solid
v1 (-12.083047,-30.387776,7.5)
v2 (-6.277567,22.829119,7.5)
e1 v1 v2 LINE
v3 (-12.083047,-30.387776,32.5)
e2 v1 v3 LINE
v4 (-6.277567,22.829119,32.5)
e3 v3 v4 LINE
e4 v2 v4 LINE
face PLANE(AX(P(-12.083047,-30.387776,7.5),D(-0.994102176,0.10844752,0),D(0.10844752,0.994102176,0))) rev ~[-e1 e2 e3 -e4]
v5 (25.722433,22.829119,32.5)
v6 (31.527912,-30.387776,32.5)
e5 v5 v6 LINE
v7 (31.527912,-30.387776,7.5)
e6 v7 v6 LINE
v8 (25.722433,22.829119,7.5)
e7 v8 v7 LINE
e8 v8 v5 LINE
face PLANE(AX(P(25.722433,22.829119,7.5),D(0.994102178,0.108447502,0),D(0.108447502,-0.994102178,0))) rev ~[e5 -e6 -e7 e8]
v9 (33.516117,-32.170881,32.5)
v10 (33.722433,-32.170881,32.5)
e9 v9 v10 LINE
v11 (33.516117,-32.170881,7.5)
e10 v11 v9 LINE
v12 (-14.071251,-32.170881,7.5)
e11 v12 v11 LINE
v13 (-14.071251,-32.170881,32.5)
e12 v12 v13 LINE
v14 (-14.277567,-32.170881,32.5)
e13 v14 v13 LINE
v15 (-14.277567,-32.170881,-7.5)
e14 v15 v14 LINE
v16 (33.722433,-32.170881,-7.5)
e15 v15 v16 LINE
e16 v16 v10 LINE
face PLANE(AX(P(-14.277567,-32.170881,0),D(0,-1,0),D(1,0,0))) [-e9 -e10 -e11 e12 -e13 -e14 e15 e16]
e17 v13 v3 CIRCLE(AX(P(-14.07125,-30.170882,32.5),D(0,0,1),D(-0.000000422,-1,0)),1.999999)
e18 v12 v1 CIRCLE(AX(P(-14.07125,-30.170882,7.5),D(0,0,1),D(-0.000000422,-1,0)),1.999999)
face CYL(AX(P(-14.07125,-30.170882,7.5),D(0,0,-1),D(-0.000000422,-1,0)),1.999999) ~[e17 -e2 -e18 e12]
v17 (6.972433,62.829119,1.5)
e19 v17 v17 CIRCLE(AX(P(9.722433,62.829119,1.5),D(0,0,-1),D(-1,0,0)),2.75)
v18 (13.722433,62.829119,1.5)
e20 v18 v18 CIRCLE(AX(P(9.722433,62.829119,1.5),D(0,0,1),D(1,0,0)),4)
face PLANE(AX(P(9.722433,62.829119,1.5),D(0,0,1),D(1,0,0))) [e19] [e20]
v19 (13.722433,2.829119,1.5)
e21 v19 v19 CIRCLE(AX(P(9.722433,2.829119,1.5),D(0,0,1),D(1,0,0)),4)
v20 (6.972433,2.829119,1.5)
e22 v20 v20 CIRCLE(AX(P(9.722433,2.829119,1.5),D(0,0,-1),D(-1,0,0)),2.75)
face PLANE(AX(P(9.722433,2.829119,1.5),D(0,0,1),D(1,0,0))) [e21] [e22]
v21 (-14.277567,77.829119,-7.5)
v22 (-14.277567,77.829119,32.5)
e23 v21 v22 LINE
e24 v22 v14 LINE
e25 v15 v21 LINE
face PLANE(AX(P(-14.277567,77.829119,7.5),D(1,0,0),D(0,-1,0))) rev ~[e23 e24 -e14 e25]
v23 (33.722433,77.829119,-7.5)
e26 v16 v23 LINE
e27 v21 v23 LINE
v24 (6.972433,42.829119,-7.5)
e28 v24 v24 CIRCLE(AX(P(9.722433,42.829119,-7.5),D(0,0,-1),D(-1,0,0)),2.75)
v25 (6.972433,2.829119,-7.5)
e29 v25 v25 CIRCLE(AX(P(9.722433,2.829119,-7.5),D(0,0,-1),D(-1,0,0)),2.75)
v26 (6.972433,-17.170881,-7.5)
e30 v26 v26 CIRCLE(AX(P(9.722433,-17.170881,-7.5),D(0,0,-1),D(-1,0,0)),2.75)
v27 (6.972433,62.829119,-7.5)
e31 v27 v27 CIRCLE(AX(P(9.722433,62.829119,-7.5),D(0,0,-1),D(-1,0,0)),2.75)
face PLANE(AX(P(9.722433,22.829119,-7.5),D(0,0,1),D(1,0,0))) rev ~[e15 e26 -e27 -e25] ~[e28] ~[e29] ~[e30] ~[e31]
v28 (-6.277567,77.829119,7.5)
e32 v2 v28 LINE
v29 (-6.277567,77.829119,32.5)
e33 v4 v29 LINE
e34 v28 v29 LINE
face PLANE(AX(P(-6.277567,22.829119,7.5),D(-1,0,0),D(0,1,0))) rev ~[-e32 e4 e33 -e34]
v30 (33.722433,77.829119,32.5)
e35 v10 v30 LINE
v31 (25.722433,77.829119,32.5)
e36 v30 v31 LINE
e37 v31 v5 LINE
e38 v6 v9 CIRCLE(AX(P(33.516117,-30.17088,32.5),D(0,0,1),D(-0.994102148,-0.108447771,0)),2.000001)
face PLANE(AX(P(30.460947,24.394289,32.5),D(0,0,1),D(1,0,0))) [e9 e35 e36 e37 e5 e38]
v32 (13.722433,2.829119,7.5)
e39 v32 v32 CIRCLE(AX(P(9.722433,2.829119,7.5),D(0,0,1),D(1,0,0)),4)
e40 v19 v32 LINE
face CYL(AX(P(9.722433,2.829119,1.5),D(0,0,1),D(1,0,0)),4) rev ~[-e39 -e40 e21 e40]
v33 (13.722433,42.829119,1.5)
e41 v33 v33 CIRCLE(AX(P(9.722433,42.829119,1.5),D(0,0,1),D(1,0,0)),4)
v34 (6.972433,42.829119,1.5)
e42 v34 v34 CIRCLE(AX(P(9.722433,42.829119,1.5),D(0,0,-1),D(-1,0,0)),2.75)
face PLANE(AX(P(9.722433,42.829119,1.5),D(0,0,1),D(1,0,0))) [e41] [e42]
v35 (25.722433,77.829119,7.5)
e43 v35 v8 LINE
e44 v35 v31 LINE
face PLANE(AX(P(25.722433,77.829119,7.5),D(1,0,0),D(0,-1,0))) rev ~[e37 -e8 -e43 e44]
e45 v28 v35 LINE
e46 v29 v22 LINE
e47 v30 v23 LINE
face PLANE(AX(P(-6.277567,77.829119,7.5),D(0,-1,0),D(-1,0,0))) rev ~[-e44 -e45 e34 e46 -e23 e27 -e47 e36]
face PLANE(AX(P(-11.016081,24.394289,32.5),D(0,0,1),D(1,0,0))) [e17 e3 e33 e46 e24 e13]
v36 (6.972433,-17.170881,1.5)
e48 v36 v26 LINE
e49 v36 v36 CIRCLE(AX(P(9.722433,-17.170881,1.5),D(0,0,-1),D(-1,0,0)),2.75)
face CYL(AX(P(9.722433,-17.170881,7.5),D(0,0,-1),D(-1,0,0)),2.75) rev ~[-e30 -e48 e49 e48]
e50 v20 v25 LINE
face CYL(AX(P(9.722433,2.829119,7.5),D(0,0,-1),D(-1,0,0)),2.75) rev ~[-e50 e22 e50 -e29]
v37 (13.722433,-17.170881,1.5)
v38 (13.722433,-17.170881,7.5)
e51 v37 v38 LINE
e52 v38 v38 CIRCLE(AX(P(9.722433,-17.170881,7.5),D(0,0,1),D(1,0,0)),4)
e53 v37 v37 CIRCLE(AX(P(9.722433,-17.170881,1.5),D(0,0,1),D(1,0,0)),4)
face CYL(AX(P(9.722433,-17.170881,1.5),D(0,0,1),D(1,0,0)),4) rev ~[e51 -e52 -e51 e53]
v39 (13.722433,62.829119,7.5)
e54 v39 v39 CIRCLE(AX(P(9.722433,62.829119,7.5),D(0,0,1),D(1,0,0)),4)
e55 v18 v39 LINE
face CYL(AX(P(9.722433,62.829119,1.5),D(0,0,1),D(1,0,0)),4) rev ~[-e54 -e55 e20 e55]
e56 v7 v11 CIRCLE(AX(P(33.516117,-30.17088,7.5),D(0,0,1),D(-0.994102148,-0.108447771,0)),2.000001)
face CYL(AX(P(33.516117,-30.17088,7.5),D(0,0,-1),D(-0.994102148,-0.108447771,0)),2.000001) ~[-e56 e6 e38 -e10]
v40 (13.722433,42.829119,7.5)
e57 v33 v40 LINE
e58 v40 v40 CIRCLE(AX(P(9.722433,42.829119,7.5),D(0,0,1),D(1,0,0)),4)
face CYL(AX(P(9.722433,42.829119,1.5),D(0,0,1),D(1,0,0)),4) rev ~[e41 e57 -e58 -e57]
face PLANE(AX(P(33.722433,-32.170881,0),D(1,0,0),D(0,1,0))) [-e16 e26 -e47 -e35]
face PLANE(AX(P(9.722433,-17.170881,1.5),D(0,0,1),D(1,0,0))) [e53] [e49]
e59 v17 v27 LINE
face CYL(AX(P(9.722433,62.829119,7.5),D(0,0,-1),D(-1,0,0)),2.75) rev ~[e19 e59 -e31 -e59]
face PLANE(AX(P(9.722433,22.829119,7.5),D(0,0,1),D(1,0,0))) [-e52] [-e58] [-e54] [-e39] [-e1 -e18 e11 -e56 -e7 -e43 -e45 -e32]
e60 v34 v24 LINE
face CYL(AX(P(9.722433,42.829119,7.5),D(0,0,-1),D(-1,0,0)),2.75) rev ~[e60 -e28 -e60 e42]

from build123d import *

# Parameters (mm, degrees)
F0_W           = 48
F0_H           = 110
F1_DEPTH       = 7.5
F4_DEPTH       = 25
F6_D           = 5.5
F6_CBORE_D     = 8
F6_CBORE_DEPTH = 6


with BuildPart() as f1:
    # F0 (on Top) → F1 (new body, symmetric)
    with BuildSketch(Plane.XY):
        with Locations((9.722433, 22.829119)):
            Rectangle(F0_W, F0_H)
    extrude(amount=F1_DEPTH, both=True)

    # F3 (on face) → F4 (join)
    with BuildSketch(Plane.XY.offset(7.5)):
        with BuildLine():
            Line((-6.277567, 22.829119), (-6.277567, 77.829119))
            Line((-6.277567, 77.829119), (-14.277567, 77.829119))
            Line((-14.277567, 77.829119), (-14.277567, -32.170881))
            Line((-14.277567, -32.170881), (-14.071251, -32.170881))
            ThreePointArc((-14.071251, -32.170881), (-12.735921, -31.659805), (-12.083047, -30.387776))
            Line((-12.083047, -30.387776), (-6.277567, 22.829119))
        make_face()
        with BuildLine():
            Line((33.722433, 77.829119), (25.722433, 77.829119))
            Line((25.722433, 77.829119), (25.722433, 22.829119))
            Line((25.722433, 22.829119), (31.527912, -30.387776))
            ThreePointArc((31.527912, -30.387776), (32.180787, -31.659805), (33.516117, -32.170881))
            Line((33.516117, -32.170881), (33.722433, -32.170881))
            Line((33.722433, -32.170881), (33.722433, 77.829119))
        make_face()
    extrude(amount=F4_DEPTH)

    # F6 (through all)
    with Locations(Plane.XY.offset(7.5)):
        with Locations((9.722433, 42.829119), (9.722433, 62.829119), (9.722433, 2.829119), (9.722433, -17.170881)):
            CounterBoreHole(F6_D / 2, F6_CBORE_D / 2, F6_CBORE_DEPTH)


solid = f1.part
